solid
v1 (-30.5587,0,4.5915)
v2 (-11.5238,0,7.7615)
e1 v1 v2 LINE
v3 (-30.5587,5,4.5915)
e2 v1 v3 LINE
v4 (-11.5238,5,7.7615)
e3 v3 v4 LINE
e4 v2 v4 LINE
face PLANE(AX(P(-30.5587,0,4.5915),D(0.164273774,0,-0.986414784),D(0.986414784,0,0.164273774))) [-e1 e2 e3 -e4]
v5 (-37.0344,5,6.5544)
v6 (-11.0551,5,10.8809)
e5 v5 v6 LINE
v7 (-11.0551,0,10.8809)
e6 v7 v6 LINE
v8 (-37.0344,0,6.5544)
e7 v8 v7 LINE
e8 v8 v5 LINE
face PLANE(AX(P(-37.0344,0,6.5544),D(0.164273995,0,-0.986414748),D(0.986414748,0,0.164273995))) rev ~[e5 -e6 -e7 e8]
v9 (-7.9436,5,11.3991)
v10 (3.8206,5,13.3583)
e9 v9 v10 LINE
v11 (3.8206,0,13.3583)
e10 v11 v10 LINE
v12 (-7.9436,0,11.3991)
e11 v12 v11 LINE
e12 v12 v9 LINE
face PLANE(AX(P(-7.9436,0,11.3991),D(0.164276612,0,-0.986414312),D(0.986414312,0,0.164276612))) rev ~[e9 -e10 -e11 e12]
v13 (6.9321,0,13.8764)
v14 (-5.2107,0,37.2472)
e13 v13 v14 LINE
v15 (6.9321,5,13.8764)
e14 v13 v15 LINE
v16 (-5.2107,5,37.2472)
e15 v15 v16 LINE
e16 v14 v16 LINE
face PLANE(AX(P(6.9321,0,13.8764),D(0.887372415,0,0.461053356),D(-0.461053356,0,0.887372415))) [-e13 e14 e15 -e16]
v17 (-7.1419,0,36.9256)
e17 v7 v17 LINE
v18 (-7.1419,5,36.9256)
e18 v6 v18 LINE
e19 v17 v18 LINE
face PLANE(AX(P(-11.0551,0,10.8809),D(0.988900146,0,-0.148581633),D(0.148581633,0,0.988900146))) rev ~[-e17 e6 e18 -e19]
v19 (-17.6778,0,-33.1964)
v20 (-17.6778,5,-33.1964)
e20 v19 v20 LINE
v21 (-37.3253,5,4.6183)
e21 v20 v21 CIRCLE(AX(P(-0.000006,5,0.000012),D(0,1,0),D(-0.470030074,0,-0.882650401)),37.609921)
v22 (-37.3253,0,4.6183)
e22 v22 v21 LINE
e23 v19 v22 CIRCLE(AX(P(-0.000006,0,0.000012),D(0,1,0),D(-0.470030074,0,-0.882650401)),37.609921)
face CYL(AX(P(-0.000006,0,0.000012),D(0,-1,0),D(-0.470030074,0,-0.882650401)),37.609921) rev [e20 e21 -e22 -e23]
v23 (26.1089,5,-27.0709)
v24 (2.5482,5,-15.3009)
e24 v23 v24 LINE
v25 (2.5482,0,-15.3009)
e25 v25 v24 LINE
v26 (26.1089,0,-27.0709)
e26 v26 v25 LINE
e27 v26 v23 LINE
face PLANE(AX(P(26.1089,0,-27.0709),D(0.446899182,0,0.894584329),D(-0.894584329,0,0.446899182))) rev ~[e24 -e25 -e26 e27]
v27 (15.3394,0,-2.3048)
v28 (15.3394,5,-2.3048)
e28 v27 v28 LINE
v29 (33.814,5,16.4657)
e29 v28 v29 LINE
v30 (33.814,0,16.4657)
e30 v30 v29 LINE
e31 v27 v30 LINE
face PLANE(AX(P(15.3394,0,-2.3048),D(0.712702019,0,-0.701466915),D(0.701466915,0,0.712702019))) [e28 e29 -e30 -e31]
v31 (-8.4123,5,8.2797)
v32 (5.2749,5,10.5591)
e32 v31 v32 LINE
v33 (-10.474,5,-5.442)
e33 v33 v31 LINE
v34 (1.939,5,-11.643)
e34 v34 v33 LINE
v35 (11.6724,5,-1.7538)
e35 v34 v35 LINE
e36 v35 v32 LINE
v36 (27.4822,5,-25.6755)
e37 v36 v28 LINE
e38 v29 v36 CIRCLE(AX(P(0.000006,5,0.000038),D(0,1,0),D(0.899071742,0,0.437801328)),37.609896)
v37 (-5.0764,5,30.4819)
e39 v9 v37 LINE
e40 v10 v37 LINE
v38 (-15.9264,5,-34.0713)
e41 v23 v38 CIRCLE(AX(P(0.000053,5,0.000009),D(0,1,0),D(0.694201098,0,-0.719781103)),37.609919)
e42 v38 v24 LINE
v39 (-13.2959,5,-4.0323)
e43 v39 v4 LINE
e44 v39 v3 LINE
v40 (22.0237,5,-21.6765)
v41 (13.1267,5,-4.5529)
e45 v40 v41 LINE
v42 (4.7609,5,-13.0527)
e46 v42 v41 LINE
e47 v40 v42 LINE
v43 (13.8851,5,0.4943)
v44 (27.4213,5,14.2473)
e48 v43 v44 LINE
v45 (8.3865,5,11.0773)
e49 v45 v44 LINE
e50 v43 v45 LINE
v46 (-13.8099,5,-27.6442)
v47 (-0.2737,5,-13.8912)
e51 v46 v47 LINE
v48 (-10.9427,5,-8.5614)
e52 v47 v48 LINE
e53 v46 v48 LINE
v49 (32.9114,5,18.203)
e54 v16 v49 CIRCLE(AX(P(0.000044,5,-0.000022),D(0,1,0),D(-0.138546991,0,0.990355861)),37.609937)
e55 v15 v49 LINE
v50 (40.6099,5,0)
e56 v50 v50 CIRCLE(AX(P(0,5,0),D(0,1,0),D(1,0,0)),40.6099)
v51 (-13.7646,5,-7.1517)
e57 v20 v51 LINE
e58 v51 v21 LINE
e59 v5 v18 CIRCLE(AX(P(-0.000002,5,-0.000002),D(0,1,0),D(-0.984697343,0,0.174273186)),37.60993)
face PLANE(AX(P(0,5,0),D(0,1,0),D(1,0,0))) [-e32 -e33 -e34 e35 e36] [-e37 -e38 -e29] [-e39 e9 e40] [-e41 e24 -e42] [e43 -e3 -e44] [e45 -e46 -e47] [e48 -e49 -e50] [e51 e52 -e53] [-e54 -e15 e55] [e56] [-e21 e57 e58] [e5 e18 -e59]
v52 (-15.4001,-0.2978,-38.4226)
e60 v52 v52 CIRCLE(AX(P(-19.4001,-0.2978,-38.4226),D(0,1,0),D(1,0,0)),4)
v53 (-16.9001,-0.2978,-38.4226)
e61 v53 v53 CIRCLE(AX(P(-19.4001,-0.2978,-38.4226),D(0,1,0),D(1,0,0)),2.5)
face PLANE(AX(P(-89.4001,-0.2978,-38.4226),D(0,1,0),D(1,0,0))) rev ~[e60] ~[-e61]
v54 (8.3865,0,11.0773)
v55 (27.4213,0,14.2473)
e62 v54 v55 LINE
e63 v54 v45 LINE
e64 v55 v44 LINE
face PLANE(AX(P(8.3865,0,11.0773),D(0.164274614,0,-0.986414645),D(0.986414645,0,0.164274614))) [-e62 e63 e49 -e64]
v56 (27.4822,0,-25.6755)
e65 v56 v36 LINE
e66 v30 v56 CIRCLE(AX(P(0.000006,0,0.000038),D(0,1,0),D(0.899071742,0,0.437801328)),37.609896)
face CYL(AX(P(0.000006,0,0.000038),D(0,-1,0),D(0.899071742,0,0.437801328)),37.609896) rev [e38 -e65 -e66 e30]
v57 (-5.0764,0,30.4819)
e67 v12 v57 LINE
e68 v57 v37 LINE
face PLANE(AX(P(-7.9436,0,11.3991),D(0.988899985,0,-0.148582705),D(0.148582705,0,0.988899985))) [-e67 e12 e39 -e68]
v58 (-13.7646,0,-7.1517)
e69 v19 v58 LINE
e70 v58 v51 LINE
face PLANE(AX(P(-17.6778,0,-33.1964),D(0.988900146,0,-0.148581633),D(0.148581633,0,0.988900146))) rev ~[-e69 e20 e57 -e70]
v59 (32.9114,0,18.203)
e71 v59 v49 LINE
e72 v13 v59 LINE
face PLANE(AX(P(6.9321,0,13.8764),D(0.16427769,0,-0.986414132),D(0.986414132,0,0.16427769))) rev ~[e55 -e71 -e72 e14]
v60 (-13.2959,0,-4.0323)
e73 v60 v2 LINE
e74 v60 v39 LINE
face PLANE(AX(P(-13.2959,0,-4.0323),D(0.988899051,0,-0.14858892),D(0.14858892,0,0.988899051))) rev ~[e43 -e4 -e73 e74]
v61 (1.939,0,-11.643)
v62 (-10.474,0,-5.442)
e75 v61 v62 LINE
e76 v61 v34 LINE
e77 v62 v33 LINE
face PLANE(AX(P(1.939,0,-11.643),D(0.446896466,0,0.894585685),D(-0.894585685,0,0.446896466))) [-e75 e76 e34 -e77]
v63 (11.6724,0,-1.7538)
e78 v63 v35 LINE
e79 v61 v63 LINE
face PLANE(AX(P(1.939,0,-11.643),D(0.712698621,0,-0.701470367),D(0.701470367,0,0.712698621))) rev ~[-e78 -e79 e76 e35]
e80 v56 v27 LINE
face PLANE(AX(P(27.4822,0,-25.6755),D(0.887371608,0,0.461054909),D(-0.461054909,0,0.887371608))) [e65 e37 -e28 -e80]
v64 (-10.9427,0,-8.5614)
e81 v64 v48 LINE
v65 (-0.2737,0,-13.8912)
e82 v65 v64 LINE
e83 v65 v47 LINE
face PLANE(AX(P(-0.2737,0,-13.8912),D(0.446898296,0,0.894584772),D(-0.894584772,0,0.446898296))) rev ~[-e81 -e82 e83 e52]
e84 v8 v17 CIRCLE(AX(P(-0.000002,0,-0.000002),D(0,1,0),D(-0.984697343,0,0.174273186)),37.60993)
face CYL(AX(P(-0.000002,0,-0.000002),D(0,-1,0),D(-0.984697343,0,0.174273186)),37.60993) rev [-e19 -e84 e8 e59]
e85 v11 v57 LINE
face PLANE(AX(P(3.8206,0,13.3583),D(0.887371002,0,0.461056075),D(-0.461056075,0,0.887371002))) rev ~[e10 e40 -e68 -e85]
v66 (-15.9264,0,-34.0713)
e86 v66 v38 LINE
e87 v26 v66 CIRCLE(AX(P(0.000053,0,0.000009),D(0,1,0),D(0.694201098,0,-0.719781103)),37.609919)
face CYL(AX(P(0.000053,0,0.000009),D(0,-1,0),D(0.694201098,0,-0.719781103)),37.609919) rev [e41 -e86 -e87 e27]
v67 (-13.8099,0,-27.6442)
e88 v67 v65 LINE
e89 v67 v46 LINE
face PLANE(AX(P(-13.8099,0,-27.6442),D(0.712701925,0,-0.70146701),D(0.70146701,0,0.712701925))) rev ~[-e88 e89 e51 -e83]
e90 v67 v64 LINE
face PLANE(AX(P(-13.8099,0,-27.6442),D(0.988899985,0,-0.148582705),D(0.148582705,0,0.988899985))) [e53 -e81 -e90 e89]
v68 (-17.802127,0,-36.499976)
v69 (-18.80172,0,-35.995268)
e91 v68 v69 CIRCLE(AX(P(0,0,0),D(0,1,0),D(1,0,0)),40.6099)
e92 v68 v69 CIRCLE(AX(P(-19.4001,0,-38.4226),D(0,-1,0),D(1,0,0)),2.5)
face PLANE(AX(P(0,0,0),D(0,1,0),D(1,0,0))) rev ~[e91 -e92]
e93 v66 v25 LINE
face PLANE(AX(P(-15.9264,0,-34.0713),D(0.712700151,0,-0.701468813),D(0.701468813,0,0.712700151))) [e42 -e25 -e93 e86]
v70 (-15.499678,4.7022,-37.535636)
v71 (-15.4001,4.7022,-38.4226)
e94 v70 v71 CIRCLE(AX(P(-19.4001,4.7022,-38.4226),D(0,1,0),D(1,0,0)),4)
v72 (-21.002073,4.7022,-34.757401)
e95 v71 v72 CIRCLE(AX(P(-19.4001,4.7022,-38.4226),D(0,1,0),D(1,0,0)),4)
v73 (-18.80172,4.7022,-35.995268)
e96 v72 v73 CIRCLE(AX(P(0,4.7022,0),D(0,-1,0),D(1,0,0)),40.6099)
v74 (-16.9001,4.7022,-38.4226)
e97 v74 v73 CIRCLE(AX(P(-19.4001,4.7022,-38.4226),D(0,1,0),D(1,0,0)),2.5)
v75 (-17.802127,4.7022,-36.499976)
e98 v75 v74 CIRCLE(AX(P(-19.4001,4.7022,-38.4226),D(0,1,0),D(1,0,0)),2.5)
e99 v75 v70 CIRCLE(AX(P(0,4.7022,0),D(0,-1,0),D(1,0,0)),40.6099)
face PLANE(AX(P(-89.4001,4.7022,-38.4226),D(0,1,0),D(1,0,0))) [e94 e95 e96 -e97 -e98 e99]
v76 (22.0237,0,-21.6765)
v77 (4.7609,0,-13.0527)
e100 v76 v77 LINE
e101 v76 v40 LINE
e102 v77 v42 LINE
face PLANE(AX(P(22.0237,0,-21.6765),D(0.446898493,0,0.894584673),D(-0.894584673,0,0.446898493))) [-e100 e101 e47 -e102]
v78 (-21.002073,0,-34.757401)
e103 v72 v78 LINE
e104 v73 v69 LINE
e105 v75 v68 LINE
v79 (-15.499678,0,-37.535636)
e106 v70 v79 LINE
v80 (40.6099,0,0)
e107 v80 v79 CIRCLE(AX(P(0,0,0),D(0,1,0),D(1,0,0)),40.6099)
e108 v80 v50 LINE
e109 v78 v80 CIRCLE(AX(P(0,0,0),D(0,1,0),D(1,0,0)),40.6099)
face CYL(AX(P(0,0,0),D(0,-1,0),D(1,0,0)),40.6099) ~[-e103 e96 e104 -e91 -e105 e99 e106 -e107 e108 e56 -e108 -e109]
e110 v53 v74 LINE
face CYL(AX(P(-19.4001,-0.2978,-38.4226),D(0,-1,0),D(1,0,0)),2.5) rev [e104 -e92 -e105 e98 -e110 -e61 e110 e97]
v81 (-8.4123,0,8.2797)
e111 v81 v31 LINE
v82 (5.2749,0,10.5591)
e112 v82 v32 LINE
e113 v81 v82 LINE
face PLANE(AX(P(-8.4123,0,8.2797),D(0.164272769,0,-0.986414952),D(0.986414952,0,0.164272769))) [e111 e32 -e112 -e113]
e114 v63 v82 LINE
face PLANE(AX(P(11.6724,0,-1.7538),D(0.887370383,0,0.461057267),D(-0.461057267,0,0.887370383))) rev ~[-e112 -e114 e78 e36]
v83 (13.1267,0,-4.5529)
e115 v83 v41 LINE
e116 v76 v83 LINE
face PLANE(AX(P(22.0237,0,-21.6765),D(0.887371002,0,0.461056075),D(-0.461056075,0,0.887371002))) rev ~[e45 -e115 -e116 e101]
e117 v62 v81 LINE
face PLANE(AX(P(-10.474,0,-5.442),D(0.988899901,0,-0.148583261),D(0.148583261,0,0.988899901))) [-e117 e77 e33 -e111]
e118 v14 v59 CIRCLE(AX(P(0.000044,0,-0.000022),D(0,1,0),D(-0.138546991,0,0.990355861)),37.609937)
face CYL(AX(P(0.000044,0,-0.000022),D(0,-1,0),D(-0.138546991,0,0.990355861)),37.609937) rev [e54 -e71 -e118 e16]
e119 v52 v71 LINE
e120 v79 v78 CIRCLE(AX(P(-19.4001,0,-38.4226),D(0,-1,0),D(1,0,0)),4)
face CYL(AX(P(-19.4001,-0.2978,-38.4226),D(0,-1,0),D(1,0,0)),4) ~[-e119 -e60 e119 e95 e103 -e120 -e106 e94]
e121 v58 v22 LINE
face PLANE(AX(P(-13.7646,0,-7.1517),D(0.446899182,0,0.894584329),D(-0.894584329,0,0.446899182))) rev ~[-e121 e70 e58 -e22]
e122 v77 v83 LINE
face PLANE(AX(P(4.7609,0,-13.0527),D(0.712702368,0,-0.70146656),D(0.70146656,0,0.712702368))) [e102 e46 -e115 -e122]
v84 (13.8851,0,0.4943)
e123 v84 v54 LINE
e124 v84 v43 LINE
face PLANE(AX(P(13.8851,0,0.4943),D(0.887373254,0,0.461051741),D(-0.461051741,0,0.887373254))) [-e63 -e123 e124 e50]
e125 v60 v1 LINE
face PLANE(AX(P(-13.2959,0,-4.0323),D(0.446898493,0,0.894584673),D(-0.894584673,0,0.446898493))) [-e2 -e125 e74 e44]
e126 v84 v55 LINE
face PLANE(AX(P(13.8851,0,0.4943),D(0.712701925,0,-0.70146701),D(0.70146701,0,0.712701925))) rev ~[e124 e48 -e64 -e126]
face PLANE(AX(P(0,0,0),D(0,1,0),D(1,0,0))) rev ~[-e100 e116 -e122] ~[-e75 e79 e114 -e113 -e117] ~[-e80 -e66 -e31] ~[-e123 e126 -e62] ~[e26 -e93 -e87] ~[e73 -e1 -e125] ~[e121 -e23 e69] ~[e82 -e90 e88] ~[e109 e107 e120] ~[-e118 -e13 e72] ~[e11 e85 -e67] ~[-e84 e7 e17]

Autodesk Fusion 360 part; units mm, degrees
sketch "草图1" plane through (0, 0, 0) normal (0, 1, 0) x (1, 0, 0)
  circle A0 centre (0, 0) radius 40.6099
  line L0 (-13.7646, 7.1517) -> (-37.3253, -4.6183)
  line L1 (-13.2959, 4.0323) -> (-30.5587, -4.5915)
  line L2 (-17.6778, 33.1964) -> (-13.7646, 7.1517)
  line L3 (-13.8099, 27.6442) -> (-10.9427, 8.5614)
  line L4 (-13.2959, 4.0323) -> (-11.5238, -7.7615)
  line L5 (-11.0551, -10.8809) -> (-7.1419, -36.9256)
  line L6 (-10.474, 5.442) -> (-8.4123, -8.2797)
  line L7 (-7.9436, -11.3991) -> (-5.0764, -30.4819)
  line L8 (-30.5587, -4.5915) -> (-11.5238, -7.7615)
  line L9 (-37.0344, -6.5544) -> (-11.0551, -10.8809)
  line L10 (3.8206, -13.3583) -> (-5.0764, -30.4819)
  line L11 (6.9321, -13.8764) -> (-5.2107, -37.2472)
  line L12 (-8.4123, -8.2797) -> (5.2749, -10.5591)
  line L13 (8.3865, -11.0773) -> (27.4213, -14.2473)
  line L14 (-7.9436, -11.3991) -> (3.8206, -13.3583)
  line L15 (6.9321, -13.8764) -> (32.9114, -18.203)
  line L16 (13.8851, -0.4943) -> (27.4213, -14.2473)
  line L17 (15.3394, 2.3048) -> (33.814, -16.4657)
  line L18 (27.4822, 25.6755) -> (15.3394, 2.3048)
  line L19 (13.8851, -0.4943) -> (8.3865, -11.0773)
  line L20 (22.0237, 21.6765) -> (13.1267, 4.5529)
  line L21 (11.6724, 1.7538) -> (5.2749, -10.5591)
  line L22 (-15.9264, 34.0713) -> (2.5482, 15.3009)
  line L23 (4.7609, 13.0527) -> (13.1267, 4.5529)
  line L24 (-13.8099, 27.6442) -> (-0.2737, 13.8912)
  line L25 (1.939, 11.643) -> (11.6724, 1.7538)
  line L26 (26.1089, 27.0709) -> (2.5482, 15.3009)
  line L27 (-0.2737, 13.8912) -> (-10.9427, 8.5614)
  line L28 (22.0237, 21.6765) -> (4.7609, 13.0527)
  line L29 (1.939, 11.643) -> (-10.474, 5.442)
  arc A1 (33.814, -16.4657) -> (27.4822, 25.6755) centre (0, 0) ccw
  arc A2 (-5.2107, -37.2472) -> (32.9114, -18.203) centre (0, 0) ccw
  arc A3 (-37.0344, -6.5544) -> (-7.1419, -36.9256) centre (0, 0) ccw
  arc A4 (26.1089, 27.0709) -> (-15.9264, 34.0713) centre (0, 0) ccw
  arc A5 (-17.6778, 33.1964) -> (-37.3253, -4.6183) centre (0, 0) ccw
extrude "拉伸1" add sketch "草图1" along normal blind 5 makes body 1
sketch "草图2" plane through (0, 0, 0) normal (0, 1, 0) x (1, 0, 0)
  circle A0 centre (70, 0) radius 2.5
  circle A1 centre (70, 0) radius 4
  dimension "d6" = 5
  dimension "d7" = 8
extrude "拉伸2" add sketch "草图2" along normal blind 5 separate body makes body 2
move_body "移动1" bodies 2 to x (1, 0, 0) y (0, 1, 0) z (0, 0, 1) at (-89.4001, -0.2978, -38.4226)
combine "合并1" operation add target body 1 tool bodies 2
